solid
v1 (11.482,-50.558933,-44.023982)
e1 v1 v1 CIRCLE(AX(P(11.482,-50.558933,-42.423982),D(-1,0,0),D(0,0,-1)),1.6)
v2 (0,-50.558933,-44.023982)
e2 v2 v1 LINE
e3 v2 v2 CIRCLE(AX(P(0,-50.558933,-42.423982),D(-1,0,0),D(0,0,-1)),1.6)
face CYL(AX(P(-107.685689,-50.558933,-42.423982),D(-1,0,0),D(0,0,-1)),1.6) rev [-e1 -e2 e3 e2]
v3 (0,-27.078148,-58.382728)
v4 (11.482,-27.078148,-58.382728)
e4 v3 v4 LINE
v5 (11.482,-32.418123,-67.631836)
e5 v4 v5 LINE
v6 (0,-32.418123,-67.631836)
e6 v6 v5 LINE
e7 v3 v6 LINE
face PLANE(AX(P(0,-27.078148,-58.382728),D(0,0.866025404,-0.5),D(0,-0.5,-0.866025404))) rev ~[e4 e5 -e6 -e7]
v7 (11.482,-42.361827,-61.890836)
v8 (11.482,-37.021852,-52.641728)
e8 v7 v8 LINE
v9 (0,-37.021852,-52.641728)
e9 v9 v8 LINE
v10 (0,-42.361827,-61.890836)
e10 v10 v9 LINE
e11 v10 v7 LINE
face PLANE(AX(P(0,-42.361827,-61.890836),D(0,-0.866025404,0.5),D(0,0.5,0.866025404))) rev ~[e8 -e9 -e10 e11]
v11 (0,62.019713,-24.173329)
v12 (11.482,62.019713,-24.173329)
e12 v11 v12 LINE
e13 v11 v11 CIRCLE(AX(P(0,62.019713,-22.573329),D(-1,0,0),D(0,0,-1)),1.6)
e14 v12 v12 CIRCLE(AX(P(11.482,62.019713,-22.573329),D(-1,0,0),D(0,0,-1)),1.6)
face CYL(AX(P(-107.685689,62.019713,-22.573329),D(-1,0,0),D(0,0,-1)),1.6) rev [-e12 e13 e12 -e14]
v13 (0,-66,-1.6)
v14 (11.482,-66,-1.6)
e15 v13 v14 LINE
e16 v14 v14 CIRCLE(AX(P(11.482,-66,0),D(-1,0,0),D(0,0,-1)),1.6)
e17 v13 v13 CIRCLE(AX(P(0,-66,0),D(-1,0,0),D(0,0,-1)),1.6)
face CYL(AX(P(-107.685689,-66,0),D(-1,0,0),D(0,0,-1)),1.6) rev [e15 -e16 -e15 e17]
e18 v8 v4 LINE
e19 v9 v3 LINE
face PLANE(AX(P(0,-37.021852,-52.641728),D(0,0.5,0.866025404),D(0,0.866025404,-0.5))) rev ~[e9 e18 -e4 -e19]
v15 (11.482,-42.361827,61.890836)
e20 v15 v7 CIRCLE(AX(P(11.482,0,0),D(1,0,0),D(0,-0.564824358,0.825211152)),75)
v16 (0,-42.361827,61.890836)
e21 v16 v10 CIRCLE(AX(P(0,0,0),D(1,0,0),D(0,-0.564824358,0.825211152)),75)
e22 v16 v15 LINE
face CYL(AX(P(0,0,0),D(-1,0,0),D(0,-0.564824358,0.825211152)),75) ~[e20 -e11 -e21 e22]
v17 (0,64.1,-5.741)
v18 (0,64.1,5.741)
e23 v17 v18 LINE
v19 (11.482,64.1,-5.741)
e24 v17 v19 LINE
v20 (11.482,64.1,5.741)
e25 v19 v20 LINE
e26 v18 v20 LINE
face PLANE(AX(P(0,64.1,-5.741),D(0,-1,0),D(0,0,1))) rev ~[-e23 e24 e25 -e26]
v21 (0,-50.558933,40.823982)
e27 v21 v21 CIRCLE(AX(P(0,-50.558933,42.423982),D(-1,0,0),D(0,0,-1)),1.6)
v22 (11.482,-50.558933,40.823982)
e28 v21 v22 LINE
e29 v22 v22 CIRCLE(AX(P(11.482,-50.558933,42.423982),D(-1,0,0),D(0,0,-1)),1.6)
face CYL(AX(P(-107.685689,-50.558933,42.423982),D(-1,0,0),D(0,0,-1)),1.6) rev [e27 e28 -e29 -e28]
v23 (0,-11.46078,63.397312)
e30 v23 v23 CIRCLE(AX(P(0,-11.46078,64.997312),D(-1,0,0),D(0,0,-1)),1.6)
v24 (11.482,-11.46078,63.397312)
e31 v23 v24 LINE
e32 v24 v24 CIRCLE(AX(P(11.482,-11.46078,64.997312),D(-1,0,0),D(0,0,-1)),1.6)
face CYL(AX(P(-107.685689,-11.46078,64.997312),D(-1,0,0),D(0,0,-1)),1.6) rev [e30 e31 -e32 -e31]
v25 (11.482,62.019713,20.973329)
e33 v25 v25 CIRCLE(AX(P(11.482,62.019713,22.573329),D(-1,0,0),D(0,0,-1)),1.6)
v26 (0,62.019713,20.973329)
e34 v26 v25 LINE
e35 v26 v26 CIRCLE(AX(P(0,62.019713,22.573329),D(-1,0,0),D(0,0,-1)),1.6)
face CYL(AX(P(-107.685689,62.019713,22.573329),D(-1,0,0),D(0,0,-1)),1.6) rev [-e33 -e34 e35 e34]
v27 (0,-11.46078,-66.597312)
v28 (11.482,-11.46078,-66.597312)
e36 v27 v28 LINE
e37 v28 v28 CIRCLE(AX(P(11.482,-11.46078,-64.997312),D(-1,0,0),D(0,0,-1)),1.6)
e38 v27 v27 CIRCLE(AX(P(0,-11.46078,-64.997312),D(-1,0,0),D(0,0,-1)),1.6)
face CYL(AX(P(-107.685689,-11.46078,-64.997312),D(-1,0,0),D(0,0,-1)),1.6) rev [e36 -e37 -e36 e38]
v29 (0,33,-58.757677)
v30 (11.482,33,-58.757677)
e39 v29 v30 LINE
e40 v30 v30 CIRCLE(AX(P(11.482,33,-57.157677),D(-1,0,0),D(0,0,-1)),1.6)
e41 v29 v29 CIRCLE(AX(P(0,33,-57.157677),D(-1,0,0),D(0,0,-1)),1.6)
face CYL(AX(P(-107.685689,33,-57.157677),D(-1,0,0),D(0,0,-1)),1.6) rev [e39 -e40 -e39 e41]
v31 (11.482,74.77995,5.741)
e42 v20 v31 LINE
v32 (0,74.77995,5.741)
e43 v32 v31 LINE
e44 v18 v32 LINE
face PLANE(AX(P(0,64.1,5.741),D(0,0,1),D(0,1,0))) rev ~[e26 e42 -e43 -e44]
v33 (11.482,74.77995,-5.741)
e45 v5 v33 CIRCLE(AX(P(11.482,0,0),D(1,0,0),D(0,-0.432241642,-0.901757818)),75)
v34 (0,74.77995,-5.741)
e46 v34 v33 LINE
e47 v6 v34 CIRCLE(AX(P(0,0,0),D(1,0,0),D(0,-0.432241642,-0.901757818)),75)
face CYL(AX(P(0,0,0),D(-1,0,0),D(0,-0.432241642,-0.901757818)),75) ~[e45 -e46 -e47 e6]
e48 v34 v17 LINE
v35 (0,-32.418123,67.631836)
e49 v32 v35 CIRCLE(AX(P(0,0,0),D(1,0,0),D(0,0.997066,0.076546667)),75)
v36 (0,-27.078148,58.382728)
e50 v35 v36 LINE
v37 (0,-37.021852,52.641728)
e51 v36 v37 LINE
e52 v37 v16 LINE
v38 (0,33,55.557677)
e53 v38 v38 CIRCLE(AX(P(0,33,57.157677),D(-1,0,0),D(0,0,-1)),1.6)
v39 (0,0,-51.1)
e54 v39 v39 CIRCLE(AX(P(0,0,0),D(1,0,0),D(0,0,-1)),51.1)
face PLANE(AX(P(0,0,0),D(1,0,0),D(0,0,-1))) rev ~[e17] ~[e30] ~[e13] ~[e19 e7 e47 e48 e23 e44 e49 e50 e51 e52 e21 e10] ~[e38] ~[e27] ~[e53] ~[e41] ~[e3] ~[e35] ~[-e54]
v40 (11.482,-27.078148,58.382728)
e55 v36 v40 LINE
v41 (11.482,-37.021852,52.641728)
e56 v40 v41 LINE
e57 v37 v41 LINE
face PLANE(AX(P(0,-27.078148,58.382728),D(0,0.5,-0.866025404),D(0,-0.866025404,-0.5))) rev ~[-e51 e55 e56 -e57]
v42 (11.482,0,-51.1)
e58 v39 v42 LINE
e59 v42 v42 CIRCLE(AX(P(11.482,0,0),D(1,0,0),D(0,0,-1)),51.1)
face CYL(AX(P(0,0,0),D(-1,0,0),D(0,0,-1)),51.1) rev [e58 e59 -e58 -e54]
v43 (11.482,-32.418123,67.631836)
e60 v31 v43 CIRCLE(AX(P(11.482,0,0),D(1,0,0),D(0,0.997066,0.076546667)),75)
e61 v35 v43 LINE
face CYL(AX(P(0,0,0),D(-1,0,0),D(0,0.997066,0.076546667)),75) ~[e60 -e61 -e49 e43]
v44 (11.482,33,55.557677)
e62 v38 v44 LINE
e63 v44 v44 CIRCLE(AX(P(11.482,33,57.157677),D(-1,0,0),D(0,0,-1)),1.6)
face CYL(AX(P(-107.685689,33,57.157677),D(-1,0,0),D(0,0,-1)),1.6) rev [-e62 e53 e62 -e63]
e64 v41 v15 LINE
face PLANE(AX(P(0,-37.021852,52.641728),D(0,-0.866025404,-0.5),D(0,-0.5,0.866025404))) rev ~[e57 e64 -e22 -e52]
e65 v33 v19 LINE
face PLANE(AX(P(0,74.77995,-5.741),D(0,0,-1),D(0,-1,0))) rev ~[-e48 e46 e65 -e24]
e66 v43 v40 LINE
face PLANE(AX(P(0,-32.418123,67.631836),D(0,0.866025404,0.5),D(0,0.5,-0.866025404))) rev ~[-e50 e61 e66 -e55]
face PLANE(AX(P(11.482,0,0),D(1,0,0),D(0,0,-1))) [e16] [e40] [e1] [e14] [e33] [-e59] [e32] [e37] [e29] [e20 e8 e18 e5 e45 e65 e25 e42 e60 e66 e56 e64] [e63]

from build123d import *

# Parameters (mm, degrees)
ESQUISSE1_R             = 51.1
BOSS_EXTRU_1_DEPTH      = 11.482
CUT_EXTRUDE1_DEPTH      = 107.685689406
CUT_EXTRUDE1_DEPTH_BACK = 107.685689406
SKETCH1_R               = 1.6


with BuildPart() as part:
    # Esquisse1 → Boss.-Extru.1 (new body)
    with BuildSketch(Plane(origin=(0, 0, 0), x_dir=(0, 0, -1), z_dir=(1, 0, 0))):
        with BuildLine():
            Line((-5.741, 64.1), (-5.741, 74.77994998))
            ThreePointArc((-5.741, 74.77994998), (-64.951905284, 37.5), (-67.631836376, -32.418123147))
            Line((-67.631836376, -32.418123147), (-58.382728383, -27.078148157))
            Line((-58.382728383, -27.078148157), (-52.641728383, -37.021851843))
            Line((-52.641728383, -37.021851843), (-61.890836376, -42.361826833))
            ThreePointArc((-61.890836376, -42.361826833), (0, -75), (61.890836376, -42.361826833))
            Line((61.890836376, -42.361826833), (52.641728383, -37.021851843))
            Line((52.641728383, -37.021851843), (58.382728383, -27.078148157))
            Line((58.382728383, -27.078148157), (67.631836376, -32.418123147))
            ThreePointArc((67.631836376, -32.418123147), (64.951905284, 37.5), (5.741, 74.77994998))
            Line((5.741, 74.77994998), (5.741, 64.1))
            Line((5.741, 64.1), (-5.741, 64.1))
        make_face()
        Circle(ESQUISSE1_R, mode=Mode.SUBTRACT)
    extrude(amount=BOSS_EXTRU_1_DEPTH)

    # Sketch1 → Cut-Extrude1 (cut, two sides: drawn at the far end of the back side and taken through both)
    with BuildSketch(Plane(origin=(0, 0, 0), x_dir=(0, 0, -1), z_dir=(1, 0, 0)).offset(-CUT_EXTRUDE1_DEPTH_BACK)):
        with Locations((22.573329459, 62.019712972)):
            Circle(SKETCH1_R)
        with Locations((57.15767665, 33)):
            Circle(SKETCH1_R)
        with Locations((64.997311699, -11.460779726)):
            Circle(SKETCH1_R)
        with Locations((42.423982239, -50.558933246)):
            Circle(SKETCH1_R)
        with Locations((0, -66)):
            Circle(SKETCH1_R)
        with Locations((-42.423982239, -50.558933246)):
            Circle(SKETCH1_R)
        with Locations((-64.997311699, -11.460779726)):
            Circle(SKETCH1_R)
        with Locations((-57.15767665, 33)):
            Circle(SKETCH1_R)
        with Locations((-22.573329459, 62.019712972)):
            Circle(SKETCH1_R)
    extrude(amount=CUT_EXTRUDE1_DEPTH + CUT_EXTRUDE1_DEPTH_BACK, mode=Mode.SUBTRACT)


solid = part.part
